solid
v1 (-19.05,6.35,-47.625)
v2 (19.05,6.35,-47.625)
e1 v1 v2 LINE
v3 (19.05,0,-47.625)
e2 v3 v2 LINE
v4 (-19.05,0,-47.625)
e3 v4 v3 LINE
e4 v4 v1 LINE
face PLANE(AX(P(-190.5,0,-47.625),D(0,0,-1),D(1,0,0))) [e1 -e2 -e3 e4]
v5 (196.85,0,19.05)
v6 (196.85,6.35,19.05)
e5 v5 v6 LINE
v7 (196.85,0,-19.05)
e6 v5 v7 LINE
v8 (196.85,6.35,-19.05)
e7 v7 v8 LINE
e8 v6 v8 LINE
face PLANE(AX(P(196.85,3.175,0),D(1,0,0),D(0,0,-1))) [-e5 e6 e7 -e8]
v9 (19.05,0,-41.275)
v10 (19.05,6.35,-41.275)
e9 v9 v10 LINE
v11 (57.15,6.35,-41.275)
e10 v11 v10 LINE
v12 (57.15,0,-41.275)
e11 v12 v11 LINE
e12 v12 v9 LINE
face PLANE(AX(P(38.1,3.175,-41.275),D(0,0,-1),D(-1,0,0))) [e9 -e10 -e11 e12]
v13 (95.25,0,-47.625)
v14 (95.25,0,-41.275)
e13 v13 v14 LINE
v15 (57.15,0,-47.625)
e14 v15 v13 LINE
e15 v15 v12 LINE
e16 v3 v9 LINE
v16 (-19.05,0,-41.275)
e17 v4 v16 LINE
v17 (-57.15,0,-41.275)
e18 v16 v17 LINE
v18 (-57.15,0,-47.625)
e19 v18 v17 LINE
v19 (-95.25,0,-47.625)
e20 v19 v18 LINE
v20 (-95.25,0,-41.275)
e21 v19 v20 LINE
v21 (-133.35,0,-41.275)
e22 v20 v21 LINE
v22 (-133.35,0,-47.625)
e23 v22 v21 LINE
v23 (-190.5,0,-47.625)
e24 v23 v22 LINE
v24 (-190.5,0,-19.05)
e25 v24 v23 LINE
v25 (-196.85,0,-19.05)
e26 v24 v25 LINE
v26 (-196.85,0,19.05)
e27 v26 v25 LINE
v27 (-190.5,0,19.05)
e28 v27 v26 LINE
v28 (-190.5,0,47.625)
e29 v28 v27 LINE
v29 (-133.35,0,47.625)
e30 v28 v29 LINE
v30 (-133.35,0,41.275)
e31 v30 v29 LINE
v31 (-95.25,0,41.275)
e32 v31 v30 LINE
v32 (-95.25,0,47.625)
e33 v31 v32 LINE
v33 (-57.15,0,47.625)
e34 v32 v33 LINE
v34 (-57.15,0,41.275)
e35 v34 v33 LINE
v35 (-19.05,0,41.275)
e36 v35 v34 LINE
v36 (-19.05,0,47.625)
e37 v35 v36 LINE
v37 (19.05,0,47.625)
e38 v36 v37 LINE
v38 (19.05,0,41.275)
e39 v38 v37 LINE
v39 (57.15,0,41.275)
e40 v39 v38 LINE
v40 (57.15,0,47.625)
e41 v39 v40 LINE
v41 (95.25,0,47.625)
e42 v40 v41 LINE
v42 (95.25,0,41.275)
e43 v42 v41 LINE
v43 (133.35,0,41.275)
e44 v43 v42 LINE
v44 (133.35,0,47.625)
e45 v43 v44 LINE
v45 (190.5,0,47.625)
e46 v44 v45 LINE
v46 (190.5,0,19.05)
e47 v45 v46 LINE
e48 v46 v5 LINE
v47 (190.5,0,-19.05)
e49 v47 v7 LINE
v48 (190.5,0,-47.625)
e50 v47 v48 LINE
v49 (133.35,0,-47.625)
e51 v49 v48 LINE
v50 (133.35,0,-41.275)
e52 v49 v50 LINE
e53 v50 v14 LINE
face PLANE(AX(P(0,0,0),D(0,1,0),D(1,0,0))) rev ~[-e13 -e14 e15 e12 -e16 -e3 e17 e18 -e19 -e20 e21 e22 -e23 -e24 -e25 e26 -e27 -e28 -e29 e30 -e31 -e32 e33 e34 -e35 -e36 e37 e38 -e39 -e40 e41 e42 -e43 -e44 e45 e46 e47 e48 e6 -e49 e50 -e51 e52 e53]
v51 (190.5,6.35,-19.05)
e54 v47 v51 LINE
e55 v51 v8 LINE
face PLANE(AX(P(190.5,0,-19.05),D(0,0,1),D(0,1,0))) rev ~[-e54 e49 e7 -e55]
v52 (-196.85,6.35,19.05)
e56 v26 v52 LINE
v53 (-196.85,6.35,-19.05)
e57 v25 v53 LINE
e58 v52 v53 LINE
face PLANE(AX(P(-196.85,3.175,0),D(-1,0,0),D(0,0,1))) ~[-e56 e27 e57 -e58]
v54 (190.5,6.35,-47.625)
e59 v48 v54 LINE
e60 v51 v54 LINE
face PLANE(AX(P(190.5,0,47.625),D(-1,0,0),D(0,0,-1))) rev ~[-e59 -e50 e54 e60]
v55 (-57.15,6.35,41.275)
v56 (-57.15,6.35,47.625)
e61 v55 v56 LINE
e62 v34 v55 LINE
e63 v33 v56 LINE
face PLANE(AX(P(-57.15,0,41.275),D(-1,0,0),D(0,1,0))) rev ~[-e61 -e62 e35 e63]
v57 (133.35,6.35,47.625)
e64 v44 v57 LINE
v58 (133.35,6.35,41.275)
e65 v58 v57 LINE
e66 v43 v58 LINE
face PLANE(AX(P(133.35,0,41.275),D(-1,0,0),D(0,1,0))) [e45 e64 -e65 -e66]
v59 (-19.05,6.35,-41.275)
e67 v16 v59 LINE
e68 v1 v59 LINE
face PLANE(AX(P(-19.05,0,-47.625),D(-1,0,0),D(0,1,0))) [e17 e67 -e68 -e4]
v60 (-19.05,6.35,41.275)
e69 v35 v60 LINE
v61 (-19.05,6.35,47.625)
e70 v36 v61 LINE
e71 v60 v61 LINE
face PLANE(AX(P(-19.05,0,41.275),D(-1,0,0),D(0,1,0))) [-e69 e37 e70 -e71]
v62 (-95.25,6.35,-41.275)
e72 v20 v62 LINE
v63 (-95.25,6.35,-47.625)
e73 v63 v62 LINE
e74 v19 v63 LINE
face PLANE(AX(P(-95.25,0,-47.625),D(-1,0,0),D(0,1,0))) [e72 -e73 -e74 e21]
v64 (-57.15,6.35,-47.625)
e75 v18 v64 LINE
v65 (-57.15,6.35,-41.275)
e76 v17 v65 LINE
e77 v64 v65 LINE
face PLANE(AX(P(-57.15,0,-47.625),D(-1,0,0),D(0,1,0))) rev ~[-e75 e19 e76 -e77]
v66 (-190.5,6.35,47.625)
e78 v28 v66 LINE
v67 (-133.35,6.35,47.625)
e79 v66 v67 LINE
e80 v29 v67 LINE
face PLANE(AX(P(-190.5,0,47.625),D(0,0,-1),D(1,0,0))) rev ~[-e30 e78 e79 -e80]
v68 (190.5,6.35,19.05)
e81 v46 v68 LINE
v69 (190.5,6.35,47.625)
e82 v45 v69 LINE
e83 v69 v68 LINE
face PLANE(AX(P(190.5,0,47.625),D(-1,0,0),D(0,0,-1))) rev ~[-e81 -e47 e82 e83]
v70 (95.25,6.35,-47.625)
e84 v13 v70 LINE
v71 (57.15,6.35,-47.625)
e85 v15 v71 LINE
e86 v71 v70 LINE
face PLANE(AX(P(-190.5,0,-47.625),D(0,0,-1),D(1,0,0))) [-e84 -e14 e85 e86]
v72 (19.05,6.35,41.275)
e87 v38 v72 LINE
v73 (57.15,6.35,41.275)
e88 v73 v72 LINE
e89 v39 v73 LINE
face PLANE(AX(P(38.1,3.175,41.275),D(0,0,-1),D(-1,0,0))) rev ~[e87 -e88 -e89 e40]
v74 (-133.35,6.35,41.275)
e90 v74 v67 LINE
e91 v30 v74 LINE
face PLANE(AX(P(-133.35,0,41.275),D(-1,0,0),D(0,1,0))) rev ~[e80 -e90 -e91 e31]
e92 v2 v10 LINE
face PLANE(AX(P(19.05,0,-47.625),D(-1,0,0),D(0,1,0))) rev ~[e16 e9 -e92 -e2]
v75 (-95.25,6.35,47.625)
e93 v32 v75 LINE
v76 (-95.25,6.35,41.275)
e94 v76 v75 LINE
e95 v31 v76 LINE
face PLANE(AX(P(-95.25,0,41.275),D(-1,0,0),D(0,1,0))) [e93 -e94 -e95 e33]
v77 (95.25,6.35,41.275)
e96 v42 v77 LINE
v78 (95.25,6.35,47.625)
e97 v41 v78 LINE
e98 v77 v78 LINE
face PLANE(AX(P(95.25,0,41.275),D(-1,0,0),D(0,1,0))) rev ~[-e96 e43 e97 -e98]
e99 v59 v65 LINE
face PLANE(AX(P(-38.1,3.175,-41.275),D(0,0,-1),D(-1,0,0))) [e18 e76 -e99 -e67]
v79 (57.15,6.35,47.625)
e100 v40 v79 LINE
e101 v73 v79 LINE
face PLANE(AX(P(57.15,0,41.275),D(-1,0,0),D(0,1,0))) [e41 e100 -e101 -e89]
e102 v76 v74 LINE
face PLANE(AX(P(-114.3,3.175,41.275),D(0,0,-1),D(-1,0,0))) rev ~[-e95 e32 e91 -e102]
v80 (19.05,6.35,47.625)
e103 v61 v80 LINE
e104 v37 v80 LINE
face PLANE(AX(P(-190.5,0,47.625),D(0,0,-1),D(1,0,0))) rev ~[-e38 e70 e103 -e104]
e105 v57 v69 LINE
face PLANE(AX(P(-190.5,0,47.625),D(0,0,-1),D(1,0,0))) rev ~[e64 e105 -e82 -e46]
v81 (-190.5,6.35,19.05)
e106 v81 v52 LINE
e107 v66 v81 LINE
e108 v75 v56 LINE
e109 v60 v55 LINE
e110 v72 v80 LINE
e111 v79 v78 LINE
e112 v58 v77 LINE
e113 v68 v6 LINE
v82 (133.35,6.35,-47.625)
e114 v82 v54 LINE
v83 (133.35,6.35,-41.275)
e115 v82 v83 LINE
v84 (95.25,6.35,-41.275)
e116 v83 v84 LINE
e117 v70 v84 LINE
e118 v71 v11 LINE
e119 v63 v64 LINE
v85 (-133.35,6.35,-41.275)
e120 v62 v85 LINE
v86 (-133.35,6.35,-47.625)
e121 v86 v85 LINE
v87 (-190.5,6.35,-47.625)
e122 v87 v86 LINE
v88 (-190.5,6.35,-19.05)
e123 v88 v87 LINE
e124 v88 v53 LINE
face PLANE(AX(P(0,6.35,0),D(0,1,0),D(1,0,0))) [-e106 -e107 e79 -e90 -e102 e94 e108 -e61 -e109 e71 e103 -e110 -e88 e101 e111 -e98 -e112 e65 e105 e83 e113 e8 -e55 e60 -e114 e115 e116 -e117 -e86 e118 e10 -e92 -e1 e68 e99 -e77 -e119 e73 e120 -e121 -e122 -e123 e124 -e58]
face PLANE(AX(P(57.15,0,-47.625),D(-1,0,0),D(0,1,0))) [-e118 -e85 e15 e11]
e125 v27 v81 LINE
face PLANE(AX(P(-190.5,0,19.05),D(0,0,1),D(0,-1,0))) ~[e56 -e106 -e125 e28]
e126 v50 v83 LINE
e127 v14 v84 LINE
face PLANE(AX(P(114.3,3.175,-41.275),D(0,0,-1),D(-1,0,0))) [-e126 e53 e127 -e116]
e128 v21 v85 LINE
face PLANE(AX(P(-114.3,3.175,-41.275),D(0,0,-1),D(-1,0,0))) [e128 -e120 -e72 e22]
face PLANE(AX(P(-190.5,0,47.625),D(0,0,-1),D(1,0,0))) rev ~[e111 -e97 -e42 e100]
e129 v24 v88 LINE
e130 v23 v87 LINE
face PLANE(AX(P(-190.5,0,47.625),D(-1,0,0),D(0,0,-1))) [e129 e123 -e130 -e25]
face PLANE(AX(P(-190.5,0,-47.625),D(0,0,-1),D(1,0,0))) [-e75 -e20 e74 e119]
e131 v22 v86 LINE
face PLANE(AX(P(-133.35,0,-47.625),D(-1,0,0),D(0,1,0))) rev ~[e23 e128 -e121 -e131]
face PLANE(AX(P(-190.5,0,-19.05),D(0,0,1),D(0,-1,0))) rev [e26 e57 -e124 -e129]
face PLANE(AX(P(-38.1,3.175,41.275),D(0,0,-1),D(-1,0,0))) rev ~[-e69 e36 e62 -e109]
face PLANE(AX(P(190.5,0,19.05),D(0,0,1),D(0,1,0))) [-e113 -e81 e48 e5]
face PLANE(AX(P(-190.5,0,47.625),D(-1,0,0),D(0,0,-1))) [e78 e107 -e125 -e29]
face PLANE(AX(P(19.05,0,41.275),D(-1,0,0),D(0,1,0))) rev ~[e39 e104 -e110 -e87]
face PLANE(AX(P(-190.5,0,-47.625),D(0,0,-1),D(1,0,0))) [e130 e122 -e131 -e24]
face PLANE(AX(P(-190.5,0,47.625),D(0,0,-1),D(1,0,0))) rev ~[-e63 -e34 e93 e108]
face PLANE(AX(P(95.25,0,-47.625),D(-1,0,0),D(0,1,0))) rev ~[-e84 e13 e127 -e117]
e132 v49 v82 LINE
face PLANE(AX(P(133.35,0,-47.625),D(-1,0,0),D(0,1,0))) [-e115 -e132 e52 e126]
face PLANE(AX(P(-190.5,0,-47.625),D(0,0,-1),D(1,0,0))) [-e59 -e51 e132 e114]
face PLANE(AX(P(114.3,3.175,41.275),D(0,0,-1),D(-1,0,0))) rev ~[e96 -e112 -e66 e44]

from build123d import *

# Parameters (mm, degrees)
ESQUISSE2_W                     = 381
ESQUISSE2_H                     = 95.25
BOSS_EXTRU_1_DEPTH              = 6.35
ESQUISSE3_W                     = 38.1
ESQUISSE3_H                     = 6.35
BOSS_EXTRU_2_DEPTH              = 6.35
ESQUISSE4_W                     = 38.1
ESQUISSE4_H                     = 6.35
ENL_V_MAT_EXTRU_1_DEPTH         = 6.35
R_P_TITION_LIN_AIRE1_COUNT      = 4
R_P_TITION_LIN_AIRE1_PITCH      = 76.2
R_P_TITION_LIN_AIRE1_COUNT_DIR2 = 2
R_P_TITION_LIN_AIRE1_PITCH_DIR2 = 88.9


with BuildPart() as part:
    # Esquisse2 → Boss.-Extru.1 (new body)
    with BuildSketch(Plane(origin=(0, 0, 0), x_dir=(1, 0, 0), z_dir=(0, 1, 0))):
        Rectangle(ESQUISSE2_W, ESQUISSE2_H)
    extrude(amount=BOSS_EXTRU_1_DEPTH)

    # Esquisse3 → Boss.-Extru.2 (add)
    with BuildSketch(Plane(origin=(190.5, 0, 0), x_dir=(0, 0, -1), z_dir=(1, 0, 0))):
        with Locations((0, 3.175)):
            Rectangle(ESQUISSE3_W, ESQUISSE3_H)
    boss_extru_2 = extrude(amount=BOSS_EXTRU_2_DEPTH)

    # Esquisse4 → Enlèv. mat.-Extru.1 (cut)
    with BuildSketch(Plane(origin=(0, 0, -47.625), x_dir=(-1, 0, 0), z_dir=(0, 0, -1))):
        with Locations((-114.3, 3.175)):
            Rectangle(ESQUISSE4_W, ESQUISSE4_H)
    enl_v_mat_extru_1 = extrude(amount=-ENL_V_MAT_EXTRU_1_DEPTH, mode=Mode.SUBTRACT)

    # Répétition linéaire1: Enl_v. mat.-Extru.1 4 × 2
    with Locations(*[(-i * R_P_TITION_LIN_AIRE1_PITCH, 0, j * R_P_TITION_LIN_AIRE1_PITCH_DIR2) for i in range(R_P_TITION_LIN_AIRE1_COUNT) for j in range(R_P_TITION_LIN_AIRE1_COUNT_DIR2) if (i, j) != (0, 0)]):
        add(enl_v_mat_extru_1, mode=Mode.SUBTRACT)

    # Symétrie1: Boss.-Extru.2 across plane
    add(boss_extru_2.mirror(Plane(origin=(0, 0, 0), x_dir=(0, 0, 1), z_dir=(1, 0, 0))))


solid = part.part
